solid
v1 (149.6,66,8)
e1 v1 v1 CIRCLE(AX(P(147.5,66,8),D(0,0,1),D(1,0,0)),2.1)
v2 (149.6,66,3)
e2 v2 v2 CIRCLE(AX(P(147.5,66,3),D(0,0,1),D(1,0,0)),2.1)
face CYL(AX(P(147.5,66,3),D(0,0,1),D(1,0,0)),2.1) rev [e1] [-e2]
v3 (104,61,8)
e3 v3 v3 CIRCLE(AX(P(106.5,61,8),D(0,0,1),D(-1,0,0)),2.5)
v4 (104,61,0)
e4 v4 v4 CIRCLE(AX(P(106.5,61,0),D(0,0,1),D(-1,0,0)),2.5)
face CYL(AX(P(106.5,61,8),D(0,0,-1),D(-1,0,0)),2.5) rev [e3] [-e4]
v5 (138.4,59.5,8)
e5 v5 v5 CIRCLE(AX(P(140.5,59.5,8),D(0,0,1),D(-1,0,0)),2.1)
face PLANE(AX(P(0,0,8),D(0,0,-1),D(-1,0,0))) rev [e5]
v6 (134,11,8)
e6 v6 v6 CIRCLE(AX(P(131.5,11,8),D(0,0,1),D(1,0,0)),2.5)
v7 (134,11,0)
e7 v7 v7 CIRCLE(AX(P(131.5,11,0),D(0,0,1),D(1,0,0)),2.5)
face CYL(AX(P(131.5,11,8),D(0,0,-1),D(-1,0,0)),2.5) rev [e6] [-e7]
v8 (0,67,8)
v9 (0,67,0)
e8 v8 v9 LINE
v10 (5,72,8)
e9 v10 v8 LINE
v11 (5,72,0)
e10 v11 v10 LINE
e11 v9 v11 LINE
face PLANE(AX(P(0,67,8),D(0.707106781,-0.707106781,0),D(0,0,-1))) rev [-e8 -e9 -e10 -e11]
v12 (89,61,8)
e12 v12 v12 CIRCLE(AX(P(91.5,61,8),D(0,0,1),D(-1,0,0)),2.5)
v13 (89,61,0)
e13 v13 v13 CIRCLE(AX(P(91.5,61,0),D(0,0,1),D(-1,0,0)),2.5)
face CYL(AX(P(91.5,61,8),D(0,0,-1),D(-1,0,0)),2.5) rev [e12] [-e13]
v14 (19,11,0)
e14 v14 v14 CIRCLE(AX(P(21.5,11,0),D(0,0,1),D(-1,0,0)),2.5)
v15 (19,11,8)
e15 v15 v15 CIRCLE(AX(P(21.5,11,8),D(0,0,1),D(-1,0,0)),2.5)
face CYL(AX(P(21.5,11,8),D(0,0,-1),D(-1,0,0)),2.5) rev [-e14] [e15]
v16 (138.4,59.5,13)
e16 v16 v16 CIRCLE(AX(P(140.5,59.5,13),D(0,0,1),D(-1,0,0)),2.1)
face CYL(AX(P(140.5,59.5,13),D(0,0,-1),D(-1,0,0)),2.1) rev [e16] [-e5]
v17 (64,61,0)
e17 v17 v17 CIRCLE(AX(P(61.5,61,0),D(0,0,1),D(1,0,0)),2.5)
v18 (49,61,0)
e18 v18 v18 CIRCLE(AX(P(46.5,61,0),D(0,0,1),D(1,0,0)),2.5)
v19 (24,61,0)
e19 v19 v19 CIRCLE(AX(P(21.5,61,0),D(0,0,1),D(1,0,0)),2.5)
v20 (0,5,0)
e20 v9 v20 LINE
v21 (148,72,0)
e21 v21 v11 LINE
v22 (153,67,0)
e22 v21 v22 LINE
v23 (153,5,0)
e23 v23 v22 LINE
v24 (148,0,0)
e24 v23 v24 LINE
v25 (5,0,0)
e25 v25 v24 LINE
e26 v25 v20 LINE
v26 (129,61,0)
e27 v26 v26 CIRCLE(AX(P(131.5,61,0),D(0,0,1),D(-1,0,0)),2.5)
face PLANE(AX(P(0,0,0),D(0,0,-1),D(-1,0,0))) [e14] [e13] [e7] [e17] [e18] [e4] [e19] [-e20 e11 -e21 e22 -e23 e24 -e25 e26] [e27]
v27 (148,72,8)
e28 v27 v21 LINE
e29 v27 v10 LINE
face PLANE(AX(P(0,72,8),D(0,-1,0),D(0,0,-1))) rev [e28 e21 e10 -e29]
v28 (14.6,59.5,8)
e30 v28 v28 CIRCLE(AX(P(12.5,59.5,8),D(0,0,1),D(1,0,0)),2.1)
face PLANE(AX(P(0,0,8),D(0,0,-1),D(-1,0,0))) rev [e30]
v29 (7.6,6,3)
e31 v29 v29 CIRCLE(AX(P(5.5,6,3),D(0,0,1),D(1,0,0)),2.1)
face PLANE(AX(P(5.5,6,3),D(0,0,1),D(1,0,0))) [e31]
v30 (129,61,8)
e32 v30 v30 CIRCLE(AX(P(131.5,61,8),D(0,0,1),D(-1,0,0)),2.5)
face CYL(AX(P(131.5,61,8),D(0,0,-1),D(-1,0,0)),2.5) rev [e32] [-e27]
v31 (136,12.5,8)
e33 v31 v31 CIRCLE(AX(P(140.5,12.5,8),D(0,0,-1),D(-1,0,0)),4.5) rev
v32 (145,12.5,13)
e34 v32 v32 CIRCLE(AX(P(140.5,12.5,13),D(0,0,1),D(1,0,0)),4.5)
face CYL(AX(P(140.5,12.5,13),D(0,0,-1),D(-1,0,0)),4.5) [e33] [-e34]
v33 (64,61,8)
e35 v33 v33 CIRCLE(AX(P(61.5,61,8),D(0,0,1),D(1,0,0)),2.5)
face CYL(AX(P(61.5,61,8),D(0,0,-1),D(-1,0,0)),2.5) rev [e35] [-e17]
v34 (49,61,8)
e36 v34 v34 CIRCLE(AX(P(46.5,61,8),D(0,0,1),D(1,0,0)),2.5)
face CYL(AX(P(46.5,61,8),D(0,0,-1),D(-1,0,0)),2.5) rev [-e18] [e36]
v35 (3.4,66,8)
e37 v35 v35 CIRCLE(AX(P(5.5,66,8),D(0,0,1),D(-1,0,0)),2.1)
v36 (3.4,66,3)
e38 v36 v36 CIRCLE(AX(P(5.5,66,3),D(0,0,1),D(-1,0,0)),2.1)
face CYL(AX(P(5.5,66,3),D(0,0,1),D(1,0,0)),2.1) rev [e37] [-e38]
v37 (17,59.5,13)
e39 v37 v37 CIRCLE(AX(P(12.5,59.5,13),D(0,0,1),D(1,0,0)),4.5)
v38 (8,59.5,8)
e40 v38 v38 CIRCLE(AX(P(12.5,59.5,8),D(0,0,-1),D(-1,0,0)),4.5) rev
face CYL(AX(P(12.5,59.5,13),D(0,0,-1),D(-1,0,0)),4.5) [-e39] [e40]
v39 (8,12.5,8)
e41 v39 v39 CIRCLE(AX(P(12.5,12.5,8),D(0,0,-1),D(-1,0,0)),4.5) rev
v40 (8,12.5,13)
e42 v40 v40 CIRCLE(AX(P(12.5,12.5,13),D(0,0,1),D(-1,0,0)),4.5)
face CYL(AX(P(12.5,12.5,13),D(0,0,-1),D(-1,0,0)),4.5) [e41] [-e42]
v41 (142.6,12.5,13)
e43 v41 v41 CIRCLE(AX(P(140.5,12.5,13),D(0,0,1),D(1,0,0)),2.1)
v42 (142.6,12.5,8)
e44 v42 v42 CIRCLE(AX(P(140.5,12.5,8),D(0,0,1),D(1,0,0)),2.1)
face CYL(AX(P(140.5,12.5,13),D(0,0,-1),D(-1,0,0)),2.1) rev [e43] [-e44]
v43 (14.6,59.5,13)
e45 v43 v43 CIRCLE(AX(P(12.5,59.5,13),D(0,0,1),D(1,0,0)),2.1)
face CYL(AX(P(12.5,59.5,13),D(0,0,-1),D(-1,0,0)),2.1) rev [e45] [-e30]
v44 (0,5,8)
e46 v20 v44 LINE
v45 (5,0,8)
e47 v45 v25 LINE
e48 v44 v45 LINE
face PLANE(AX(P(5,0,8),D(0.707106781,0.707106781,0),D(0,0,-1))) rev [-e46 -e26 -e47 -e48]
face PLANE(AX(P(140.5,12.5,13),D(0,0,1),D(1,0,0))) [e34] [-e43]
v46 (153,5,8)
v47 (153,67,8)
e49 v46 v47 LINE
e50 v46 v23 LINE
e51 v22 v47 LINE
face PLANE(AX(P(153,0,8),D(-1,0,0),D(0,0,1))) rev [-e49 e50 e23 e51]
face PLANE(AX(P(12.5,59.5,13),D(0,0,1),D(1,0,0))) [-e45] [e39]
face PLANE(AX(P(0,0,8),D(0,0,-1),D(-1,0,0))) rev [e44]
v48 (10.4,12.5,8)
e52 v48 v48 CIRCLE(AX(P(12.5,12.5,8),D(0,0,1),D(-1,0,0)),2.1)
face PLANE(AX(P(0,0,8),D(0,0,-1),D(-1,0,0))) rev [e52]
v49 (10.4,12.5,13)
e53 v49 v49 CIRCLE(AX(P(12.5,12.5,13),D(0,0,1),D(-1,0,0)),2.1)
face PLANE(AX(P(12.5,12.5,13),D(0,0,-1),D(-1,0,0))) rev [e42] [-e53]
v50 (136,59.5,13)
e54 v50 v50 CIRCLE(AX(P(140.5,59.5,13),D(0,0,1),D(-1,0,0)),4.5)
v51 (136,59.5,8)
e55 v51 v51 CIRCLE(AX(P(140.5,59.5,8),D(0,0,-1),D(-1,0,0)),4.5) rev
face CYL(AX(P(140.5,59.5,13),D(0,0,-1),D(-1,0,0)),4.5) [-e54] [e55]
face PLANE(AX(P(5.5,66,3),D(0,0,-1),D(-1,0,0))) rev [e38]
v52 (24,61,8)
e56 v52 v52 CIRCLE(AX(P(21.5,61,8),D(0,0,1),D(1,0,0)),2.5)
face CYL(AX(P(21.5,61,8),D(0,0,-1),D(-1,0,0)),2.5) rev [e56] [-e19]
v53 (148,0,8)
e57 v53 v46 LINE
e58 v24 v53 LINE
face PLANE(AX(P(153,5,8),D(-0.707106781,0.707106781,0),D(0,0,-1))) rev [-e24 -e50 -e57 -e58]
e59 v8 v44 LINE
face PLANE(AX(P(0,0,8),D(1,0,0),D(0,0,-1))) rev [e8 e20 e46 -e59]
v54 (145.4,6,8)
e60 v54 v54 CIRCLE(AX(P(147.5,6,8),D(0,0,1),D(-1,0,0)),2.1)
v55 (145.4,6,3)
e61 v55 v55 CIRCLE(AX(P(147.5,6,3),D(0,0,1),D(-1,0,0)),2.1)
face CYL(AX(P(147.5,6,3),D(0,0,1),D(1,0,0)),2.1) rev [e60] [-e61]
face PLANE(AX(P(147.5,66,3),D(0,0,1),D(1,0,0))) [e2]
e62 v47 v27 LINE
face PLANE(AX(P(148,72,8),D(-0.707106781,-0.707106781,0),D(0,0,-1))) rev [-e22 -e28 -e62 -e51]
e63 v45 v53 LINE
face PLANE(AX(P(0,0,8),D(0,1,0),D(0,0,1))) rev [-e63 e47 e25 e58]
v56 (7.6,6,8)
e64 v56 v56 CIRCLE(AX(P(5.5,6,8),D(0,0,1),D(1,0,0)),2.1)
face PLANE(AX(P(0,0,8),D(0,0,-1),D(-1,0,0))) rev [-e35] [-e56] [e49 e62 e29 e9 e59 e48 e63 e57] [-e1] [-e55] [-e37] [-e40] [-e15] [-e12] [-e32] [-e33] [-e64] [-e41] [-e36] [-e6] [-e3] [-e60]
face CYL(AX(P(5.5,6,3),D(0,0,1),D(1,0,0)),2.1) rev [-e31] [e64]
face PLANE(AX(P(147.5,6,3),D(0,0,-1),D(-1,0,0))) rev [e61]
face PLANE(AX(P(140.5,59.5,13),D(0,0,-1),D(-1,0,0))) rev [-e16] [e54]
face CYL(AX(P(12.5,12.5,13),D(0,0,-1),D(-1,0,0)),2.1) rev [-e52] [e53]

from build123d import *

# Parameters (mm, degrees)
SKETCH1_W           = 153
SKETCH1_H           = 72
SKETCH1_R           = 2.5
BOSS_EXTRUDE1_DEPTH = 8
SKETCH2_R           = 4.5
SKETCH2_R_2         = 2.1
BOSS_EXTRUDE2_DEPTH = 5
CHAMFER1_SIZE       = 5
SKETCH3_R           = 2.1
CUT_EXTRUDE1_DEPTH  = 5


with BuildPart() as part:
    # Sketch1 → Boss-Extrude1 (new body)
    with BuildSketch(Plane.XY):
        with Locations((76.5, 36)):
            Rectangle(SKETCH1_W, SKETCH1_H)
        with Locations((21.5, 61)):
            Circle(SKETCH1_R, mode=Mode.SUBTRACT)
        with Locations(Location((21.5, 11, 0), (0, 0, 180))):
            Circle(SKETCH1_R, mode=Mode.SUBTRACT)
        with Locations(Location((131.5, 61, 0), (0, 0, 180))):
            Circle(SKETCH1_R, mode=Mode.SUBTRACT)
        with Locations((131.5, 11)):
            Circle(SKETCH1_R, mode=Mode.SUBTRACT)
        with Locations((61.5, 61)):
            Circle(SKETCH1_R, mode=Mode.SUBTRACT)
        with Locations((46.5, 61)):
            Circle(SKETCH1_R, mode=Mode.SUBTRACT)
        with Locations(Location((106.5, 61, 0), (0, 0, 180))):
            Circle(SKETCH1_R, mode=Mode.SUBTRACT)
        with Locations(Location((91.5, 61, 0), (0, 0, 180))):
            Circle(SKETCH1_R, mode=Mode.SUBTRACT)
    extrude(amount=BOSS_EXTRUDE1_DEPTH)

    # Sketch2 → Boss-Extrude2 (add)
    # profile 1 of 4: a face of its own
    with BuildSketch(Plane.XY.offset(8)):
        with Locations(Location((12.5, 59.5, 0), (0, 0, 180))):
            Circle(SKETCH2_R)
        with Locations((12.5, 59.5)):
            Circle(SKETCH2_R_2, mode=Mode.SUBTRACT)
    # profile 2 of 4: a face of its own
    with BuildSketch(Plane.XY.offset(8)):
        with Locations(Location((12.5, 12.5, 0), (0, 0, 180))):
            Circle(SKETCH2_R)
        with Locations(Location((12.5, 12.5, 0), (0, 0, 180))):
            Circle(SKETCH2_R_2, mode=Mode.SUBTRACT)
    # profile 3 of 4: a face of its own
    with BuildSketch(Plane.XY.offset(8)):
        with Locations(Location((140.5, 59.5, 0), (0, 0, 180))):
            Circle(SKETCH2_R)
        with Locations(Location((140.5, 59.5, 0), (0, 0, 180))):
            Circle(SKETCH2_R_2, mode=Mode.SUBTRACT)
    # profile 4 of 4: a face of its own
    with BuildSketch(Plane.XY.offset(8)):
        with Locations(Location((140.5, 12.5, 0), (0, 0, 180))):
            Circle(SKETCH2_R)
        with Locations((140.5, 12.5)):
            Circle(SKETCH2_R_2, mode=Mode.SUBTRACT)
    extrude(amount=BOSS_EXTRUDE2_DEPTH)

    # Chamfer1
    chamfer1_edges = [part.edges().sort_by_distance(p)[0] for p in [
        (0, 72, 4),
        (153, 72, 4),
        (153, 0, 4),
        (0, 0, 4),
    ]]
    chamfer(chamfer1_edges, length=CHAMFER1_SIZE)

    # Sketch3 → Cut-Extrude1 (cut)
    with BuildSketch(Plane.XY.offset(8)):
        with Locations((5.5, 6)):
            Circle(SKETCH3_R)
        with Locations(Location((5.5, 66, 0), (0, 0, 180))):
            Circle(SKETCH3_R)
        with Locations(Location((147.5, 6, 0), (0, 0, 180))):
            Circle(SKETCH3_R)
        with Locations((147.5, 66)):
            Circle(SKETCH3_R)
    extrude(amount=-CUT_EXTRUDE1_DEPTH, mode=Mode.SUBTRACT)


solid = part.part
